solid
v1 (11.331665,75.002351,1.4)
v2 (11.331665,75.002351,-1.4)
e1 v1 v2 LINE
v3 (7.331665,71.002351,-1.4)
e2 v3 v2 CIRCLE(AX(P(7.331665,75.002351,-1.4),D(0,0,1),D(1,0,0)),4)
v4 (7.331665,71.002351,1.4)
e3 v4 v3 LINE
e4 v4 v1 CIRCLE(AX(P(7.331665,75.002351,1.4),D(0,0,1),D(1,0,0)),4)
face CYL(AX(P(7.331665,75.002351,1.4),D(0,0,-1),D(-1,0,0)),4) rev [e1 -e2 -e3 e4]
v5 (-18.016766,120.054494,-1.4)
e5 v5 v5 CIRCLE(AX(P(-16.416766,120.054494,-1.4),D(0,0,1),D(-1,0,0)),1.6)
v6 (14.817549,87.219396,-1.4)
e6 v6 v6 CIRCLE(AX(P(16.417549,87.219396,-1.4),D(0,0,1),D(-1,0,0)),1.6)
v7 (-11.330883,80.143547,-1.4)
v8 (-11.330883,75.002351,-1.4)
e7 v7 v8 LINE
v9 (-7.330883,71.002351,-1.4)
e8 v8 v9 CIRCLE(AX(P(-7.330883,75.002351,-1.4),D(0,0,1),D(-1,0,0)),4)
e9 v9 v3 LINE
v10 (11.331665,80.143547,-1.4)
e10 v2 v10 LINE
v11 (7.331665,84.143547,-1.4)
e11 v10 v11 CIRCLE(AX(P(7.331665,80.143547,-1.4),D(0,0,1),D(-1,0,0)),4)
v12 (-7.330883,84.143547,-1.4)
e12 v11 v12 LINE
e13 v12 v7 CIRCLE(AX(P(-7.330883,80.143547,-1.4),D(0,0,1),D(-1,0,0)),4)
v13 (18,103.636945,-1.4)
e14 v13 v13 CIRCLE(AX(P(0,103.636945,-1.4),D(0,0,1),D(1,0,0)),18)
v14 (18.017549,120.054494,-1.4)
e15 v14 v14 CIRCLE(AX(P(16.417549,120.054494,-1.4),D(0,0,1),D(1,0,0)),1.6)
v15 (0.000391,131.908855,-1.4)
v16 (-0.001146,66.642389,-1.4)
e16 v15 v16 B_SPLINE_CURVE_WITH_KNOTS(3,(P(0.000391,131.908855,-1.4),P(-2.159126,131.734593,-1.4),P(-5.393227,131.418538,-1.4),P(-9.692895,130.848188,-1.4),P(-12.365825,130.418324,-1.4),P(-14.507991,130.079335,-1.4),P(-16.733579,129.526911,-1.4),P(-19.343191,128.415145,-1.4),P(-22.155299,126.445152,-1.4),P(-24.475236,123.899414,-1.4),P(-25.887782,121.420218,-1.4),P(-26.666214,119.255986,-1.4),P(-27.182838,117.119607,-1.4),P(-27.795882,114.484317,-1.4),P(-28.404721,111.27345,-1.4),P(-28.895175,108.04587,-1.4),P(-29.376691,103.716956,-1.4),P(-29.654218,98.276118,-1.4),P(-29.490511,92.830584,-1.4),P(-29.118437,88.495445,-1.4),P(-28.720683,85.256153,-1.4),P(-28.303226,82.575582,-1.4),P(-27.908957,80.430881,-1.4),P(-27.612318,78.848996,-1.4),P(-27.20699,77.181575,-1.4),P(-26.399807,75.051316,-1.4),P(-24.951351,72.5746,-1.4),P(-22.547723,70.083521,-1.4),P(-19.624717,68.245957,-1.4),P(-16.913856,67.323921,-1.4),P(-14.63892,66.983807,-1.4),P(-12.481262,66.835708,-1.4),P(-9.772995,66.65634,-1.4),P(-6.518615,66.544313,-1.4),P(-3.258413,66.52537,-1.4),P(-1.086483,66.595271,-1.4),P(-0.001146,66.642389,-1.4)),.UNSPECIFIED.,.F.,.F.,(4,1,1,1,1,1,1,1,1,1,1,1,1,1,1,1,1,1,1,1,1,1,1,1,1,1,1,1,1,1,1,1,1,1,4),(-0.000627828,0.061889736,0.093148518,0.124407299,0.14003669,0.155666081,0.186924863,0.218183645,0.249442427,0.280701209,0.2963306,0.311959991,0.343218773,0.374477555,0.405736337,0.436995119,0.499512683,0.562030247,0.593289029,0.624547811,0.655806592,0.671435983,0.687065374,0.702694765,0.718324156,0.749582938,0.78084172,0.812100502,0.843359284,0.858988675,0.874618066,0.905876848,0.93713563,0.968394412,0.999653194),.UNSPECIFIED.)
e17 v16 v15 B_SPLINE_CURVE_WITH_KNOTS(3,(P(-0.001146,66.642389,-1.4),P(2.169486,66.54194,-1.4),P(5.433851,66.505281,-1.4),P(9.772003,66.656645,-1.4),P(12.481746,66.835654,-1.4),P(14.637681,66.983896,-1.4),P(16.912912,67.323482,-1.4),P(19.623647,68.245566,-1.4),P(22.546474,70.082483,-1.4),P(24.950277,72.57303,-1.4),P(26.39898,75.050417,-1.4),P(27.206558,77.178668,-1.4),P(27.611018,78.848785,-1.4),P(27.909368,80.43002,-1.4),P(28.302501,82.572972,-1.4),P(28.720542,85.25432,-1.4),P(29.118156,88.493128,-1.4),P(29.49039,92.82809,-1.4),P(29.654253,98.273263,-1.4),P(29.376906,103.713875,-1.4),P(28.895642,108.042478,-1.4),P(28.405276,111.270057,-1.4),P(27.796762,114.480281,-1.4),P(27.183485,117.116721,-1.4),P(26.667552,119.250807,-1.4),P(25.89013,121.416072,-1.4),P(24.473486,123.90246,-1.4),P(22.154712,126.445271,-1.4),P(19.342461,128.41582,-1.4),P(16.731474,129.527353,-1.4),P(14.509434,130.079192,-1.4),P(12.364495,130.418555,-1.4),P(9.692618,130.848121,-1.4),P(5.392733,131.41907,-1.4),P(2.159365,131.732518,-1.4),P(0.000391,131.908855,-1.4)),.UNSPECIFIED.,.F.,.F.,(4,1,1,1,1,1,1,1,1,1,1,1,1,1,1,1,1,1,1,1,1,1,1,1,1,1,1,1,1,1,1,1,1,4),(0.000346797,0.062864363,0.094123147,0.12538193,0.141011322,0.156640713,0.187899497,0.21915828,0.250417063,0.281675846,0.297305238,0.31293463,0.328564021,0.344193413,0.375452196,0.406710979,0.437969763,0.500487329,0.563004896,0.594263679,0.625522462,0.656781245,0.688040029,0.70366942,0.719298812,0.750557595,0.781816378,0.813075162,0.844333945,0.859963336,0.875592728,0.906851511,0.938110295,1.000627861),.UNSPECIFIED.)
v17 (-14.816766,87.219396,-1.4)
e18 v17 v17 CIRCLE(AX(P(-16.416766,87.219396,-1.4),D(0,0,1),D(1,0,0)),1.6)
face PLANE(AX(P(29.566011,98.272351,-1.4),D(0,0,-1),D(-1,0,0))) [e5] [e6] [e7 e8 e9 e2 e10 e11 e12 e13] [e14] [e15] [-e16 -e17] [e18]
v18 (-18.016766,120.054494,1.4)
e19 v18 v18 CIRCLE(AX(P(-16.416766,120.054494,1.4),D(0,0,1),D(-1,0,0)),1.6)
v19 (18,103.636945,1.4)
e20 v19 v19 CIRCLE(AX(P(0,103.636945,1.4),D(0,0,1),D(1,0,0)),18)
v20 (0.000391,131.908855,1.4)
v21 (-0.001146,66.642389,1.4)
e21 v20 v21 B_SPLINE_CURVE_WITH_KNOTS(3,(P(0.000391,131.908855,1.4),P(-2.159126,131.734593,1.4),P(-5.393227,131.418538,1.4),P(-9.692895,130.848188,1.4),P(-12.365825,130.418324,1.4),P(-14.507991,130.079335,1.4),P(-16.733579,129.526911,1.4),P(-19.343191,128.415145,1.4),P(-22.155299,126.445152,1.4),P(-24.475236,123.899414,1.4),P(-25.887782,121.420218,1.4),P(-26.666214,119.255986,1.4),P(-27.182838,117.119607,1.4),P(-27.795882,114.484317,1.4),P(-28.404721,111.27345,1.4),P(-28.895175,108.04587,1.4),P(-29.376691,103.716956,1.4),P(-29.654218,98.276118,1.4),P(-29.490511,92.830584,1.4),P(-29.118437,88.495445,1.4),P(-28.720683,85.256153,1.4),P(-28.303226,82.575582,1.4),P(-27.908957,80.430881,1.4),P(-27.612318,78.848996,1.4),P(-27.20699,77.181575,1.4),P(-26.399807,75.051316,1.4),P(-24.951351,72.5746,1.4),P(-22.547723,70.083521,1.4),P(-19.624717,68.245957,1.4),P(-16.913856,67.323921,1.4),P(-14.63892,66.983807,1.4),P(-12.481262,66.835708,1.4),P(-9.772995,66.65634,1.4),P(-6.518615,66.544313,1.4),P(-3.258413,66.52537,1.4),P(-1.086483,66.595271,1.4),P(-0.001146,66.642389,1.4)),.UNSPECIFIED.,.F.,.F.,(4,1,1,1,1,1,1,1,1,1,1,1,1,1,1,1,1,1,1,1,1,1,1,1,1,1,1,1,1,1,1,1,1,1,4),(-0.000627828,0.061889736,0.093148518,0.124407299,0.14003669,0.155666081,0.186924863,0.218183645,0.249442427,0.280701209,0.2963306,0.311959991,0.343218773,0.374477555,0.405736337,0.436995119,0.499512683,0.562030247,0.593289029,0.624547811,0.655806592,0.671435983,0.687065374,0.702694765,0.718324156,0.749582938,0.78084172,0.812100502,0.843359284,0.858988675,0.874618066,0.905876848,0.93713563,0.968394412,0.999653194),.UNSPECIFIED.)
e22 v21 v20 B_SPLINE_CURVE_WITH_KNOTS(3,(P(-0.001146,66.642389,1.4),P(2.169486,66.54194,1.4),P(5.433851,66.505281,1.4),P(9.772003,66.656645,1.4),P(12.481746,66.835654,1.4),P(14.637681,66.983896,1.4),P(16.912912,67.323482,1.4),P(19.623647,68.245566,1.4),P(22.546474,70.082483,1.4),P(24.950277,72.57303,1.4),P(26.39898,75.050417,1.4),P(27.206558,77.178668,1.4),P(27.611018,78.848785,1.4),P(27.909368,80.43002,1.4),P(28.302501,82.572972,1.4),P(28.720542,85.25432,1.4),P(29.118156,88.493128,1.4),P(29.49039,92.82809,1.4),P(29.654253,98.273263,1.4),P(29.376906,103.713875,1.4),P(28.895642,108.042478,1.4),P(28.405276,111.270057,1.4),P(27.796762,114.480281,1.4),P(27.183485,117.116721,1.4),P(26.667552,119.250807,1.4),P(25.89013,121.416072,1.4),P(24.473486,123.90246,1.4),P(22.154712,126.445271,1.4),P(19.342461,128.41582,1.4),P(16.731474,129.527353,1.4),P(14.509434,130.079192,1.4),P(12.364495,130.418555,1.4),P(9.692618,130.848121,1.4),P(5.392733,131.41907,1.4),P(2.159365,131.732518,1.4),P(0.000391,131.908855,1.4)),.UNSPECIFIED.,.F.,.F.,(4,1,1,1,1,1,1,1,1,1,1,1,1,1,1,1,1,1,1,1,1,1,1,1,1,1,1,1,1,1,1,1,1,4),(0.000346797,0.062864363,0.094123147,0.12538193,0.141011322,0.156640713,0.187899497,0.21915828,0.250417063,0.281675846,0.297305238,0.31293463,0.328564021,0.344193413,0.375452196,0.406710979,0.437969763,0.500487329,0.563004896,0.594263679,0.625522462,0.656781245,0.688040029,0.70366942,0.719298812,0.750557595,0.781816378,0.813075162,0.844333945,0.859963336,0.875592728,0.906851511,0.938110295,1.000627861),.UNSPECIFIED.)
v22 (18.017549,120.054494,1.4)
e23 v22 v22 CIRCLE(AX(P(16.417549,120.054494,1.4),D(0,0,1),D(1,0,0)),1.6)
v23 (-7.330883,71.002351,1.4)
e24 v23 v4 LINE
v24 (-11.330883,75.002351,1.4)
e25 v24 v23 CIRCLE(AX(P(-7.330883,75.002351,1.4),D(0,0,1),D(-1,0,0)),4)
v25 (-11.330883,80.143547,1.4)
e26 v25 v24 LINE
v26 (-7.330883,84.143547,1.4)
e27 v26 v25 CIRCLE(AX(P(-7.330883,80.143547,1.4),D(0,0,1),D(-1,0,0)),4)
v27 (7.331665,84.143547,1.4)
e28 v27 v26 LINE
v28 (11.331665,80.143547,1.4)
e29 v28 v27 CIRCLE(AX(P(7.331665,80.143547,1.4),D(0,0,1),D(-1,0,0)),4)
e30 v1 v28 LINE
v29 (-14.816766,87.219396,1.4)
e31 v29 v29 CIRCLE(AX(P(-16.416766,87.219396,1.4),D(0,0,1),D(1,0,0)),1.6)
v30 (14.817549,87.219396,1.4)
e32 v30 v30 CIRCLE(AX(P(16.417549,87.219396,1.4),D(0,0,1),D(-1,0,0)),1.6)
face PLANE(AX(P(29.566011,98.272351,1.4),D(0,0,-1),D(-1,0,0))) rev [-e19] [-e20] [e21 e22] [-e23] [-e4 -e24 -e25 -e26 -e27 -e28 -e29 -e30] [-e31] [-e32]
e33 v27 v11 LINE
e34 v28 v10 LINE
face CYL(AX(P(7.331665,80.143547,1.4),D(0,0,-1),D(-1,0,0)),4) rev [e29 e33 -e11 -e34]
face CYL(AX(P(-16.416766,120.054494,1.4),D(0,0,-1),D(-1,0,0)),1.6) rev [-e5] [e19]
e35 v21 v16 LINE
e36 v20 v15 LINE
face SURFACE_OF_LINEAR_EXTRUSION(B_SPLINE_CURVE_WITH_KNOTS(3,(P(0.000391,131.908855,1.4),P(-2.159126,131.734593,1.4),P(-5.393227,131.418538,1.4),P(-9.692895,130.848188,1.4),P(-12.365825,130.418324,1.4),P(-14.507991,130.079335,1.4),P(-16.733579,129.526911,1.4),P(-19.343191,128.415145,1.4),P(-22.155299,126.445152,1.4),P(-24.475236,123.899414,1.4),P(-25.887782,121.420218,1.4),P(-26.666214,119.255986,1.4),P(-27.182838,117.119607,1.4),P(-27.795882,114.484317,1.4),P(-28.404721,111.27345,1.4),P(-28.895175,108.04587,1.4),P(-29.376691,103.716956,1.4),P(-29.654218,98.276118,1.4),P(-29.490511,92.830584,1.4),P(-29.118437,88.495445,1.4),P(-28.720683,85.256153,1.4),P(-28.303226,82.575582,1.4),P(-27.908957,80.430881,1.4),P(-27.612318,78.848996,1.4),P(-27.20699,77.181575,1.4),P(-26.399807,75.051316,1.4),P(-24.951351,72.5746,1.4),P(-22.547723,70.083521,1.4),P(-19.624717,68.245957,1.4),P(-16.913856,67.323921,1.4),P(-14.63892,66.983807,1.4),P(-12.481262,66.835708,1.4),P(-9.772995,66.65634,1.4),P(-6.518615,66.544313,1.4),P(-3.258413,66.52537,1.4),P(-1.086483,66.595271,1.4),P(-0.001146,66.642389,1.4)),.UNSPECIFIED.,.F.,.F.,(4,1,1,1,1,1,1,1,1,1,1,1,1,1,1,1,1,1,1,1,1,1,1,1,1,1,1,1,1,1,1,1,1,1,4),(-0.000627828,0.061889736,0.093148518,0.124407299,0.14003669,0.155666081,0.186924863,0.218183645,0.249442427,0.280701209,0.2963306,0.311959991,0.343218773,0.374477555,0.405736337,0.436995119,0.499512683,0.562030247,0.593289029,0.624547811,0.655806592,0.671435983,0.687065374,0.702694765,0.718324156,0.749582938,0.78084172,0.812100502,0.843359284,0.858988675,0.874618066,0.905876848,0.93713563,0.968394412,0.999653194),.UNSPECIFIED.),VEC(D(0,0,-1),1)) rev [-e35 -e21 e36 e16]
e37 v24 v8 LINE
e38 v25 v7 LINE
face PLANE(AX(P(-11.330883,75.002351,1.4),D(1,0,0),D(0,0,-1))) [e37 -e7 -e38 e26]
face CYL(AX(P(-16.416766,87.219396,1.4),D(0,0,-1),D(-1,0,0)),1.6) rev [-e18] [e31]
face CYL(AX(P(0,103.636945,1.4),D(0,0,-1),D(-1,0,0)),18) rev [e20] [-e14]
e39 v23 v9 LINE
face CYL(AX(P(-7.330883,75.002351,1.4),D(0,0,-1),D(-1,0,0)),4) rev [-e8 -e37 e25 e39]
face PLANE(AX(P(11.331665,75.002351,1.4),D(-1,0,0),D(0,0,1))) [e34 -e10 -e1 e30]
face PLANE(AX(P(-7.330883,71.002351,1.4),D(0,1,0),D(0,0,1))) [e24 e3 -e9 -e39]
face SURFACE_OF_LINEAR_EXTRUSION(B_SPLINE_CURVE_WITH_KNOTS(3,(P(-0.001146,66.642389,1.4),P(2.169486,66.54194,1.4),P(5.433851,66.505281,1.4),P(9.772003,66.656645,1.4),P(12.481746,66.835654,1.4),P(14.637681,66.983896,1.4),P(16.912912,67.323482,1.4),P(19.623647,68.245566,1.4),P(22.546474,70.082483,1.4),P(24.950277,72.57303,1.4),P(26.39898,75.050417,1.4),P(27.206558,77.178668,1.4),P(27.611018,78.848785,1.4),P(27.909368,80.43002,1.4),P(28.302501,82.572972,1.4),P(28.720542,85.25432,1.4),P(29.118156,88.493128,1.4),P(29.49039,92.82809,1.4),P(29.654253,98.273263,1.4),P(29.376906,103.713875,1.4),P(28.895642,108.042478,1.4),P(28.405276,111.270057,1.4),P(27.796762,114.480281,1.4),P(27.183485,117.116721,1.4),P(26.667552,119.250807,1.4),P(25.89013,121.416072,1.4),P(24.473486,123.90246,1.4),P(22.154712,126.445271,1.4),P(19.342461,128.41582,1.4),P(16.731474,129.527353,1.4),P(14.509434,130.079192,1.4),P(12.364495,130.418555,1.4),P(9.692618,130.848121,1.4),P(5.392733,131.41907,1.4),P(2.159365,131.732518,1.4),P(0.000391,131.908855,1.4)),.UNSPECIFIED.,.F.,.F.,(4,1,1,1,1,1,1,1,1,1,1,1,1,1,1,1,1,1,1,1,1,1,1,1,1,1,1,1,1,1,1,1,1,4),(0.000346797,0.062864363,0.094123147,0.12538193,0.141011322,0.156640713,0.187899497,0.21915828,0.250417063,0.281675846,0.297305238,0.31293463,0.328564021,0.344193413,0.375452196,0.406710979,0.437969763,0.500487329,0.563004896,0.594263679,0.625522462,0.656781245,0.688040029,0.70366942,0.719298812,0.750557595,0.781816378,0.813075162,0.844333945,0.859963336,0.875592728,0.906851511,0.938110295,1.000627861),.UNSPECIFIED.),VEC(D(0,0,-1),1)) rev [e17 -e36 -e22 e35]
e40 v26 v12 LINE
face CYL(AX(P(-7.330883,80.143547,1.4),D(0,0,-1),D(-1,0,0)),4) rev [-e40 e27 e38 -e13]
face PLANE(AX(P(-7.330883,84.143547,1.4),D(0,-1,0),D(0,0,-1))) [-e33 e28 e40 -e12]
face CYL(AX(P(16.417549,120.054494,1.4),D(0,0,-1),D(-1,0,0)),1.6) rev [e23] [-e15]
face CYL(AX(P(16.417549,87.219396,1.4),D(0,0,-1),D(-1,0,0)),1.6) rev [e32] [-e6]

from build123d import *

# Parameters (mm, degrees)
SKETCH_1_R      = 1.6
SKETCH_1_R_2    = 18
EXTRUDE_1_DEPTH = 1.4


with BuildPart() as part:
    # Эскиз1 → Бобышка-Вытянуть1 (new, symmetric)
    with BuildSketch(Plane.XY):
        with BuildLine():
            add(Edge.make_bspline(
                [(0.000391324, 131.908854893), (-2.159126138, 131.734593086), (-5.393227429, 131.41853824), (-9.692894834, 130.848188184), (-12.365825019, 130.418323909), (-14.507991435, 130.079334897), (-16.733579072, 129.526910661), (-19.343191471, 128.415144728), (-22.155298871, 126.445152242), (-24.47523643, 123.899413856), (-25.887781921, 121.420218382), (-26.666214021, 119.255985972), (-27.182837519, 117.11960732), (-27.795881623, 114.484316509), (-28.404720613, 111.273449597), (-28.895174829, 108.045870016), (-29.376691101, 103.716956363), (-29.654218167, 98.276118357), (-29.490511231, 92.830584407), (-29.118436527, 88.495444968), (-28.720683244, 85.256152797), (-28.303226412, 82.575581978), (-27.908957151, 80.430881182), (-27.612318021, 78.848996026), (-27.206990177, 77.18157477), (-26.399807325, 75.051315901), (-24.951351248, 72.574600142), (-22.547723176, 70.083520788), (-19.624716733, 68.245956851), (-16.913856415, 67.323921415), (-14.638920021, 66.983806669), (-12.481262045, 66.835708127), (-9.7729952, 66.6563396), (-6.518615405, 66.54431302), (-3.258413178, 66.525369564), (-1.086482712, 66.595270615), (-0.001145903, 66.642388746)],
                knots=[-0.000627828, -0.000627828, -0.000627828, -0.000627828, 0.061889736, 0.093148518, 0.124407299, 0.14003669, 0.155666081, 0.186924863, 0.218183645, 0.249442427, 0.280701209, 0.2963306, 0.311959991, 0.343218773, 0.374477555, 0.405736337, 0.436995119, 0.499512683, 0.562030247, 0.593289029, 0.624547811, 0.655806592, 0.671435983, 0.687065374, 0.702694765, 0.718324156, 0.749582938, 0.78084172, 0.812100502, 0.843359284, 0.858988675, 0.874618066, 0.905876848, 0.93713563, 0.968394412, 0.999653194, 0.999653194, 0.999653194, 0.999653194], degree=3))
            add(Edge.make_bspline(
                [(-0.001145903, 66.642388746), (2.169485628, 66.541939863), (5.433851168, 66.505280539), (9.772002994, 66.656645222), (12.481746088, 66.835654069), (14.637680559, 66.983895816), (16.912912405, 67.323482487), (19.623646863, 68.245565621), (22.546474017, 70.082483087), (24.950276688, 72.573029911), (26.398979804, 75.050416605), (27.206558191, 77.178668305), (27.611018396, 78.848785228), (27.90936817, 80.430019986), (28.30250059, 82.572971882), (28.720541559, 85.254319913), (29.118155842, 88.49312803), (29.490390188, 92.828090448), (29.654253142, 98.273262844), (29.376905649, 103.713874927), (28.895642328, 108.04247797), (28.405276216, 111.27005664), (27.79676216, 114.480280639), (27.183484793, 117.116721422), (26.667552414, 119.250806559), (25.890129566, 121.4160718), (24.473485945, 123.902459514), (22.154711827, 126.445270685), (19.342461397, 128.415820489), (16.731474017, 129.527353104), (14.509433764, 130.079191823), (12.364494886, 130.418554538), (9.692618302, 130.848121132), (5.392732509, 131.419070179), (2.159365109, 131.732517865), (0.000391324, 131.908854893)],
                knots=[0.000346797, 0.000346797, 0.000346797, 0.000346797, 0.062864363, 0.094123147, 0.12538193, 0.141011322, 0.156640713, 0.187899497, 0.21915828, 0.250417063, 0.281675846, 0.297305238, 0.31293463, 0.328564021, 0.344193413, 0.375452196, 0.406710979, 0.437969763, 0.500487329, 0.563004896, 0.594263679, 0.625522462, 0.656781245, 0.688040029, 0.70366942, 0.719298812, 0.750557595, 0.781816378, 0.813075162, 0.844333945, 0.859963336, 0.875592728, 0.906851511, 0.938110295, 1.000627861, 1.000627861, 1.000627861, 1.000627861], degree=3))
        make_face()
        with Locations((16.417549031, 120.054494051)):
            Circle(SKETCH_1_R, mode=Mode.SUBTRACT)
        with Locations((0, 103.636945021)):
            Circle(SKETCH_1_R_2, mode=Mode.SUBTRACT)
        with Locations(Location((-16.416766384, 120.054494051, 0), (0, 0, 180))):
            Circle(SKETCH_1_R, mode=Mode.SUBTRACT)
        with Locations((-16.416766384, 87.21939599)):
            Circle(SKETCH_1_R, mode=Mode.SUBTRACT)
        with Locations(Location((16.417549031, 87.21939599, 0), (0, 0, 180))):
            Circle(SKETCH_1_R, mode=Mode.SUBTRACT)
        with BuildLine():
            Line((-7.330882536, 71.002350727), (7.331665183, 71.002350727))
            ThreePointArc((7.331665183, 71.002350727), (10.160092308, 72.173923602), (11.331665183, 75.002350727))
            Line((11.331665183, 75.002350727), (11.331665183, 80.143547066))
            ThreePointArc((11.331665183, 80.143547066), (10.160092308, 82.971974191), (7.331665183, 84.143547066))
            Line((7.331665183, 84.143547066), (-7.330882536, 84.143547066))
            ThreePointArc((-7.330882536, 84.143547066), (-10.15930966, 82.971974191), (-11.330882536, 80.143547066))
            Line((-11.330882536, 80.143547066), (-11.330882536, 75.002350727))
            ThreePointArc((-11.330882536, 75.002350727), (-10.15930966, 72.173923602), (-7.330882536, 71.002350727))
        make_face(mode=Mode.SUBTRACT)
    extrude(amount=EXTRUDE_1_DEPTH, both=True)


solid = part.part
